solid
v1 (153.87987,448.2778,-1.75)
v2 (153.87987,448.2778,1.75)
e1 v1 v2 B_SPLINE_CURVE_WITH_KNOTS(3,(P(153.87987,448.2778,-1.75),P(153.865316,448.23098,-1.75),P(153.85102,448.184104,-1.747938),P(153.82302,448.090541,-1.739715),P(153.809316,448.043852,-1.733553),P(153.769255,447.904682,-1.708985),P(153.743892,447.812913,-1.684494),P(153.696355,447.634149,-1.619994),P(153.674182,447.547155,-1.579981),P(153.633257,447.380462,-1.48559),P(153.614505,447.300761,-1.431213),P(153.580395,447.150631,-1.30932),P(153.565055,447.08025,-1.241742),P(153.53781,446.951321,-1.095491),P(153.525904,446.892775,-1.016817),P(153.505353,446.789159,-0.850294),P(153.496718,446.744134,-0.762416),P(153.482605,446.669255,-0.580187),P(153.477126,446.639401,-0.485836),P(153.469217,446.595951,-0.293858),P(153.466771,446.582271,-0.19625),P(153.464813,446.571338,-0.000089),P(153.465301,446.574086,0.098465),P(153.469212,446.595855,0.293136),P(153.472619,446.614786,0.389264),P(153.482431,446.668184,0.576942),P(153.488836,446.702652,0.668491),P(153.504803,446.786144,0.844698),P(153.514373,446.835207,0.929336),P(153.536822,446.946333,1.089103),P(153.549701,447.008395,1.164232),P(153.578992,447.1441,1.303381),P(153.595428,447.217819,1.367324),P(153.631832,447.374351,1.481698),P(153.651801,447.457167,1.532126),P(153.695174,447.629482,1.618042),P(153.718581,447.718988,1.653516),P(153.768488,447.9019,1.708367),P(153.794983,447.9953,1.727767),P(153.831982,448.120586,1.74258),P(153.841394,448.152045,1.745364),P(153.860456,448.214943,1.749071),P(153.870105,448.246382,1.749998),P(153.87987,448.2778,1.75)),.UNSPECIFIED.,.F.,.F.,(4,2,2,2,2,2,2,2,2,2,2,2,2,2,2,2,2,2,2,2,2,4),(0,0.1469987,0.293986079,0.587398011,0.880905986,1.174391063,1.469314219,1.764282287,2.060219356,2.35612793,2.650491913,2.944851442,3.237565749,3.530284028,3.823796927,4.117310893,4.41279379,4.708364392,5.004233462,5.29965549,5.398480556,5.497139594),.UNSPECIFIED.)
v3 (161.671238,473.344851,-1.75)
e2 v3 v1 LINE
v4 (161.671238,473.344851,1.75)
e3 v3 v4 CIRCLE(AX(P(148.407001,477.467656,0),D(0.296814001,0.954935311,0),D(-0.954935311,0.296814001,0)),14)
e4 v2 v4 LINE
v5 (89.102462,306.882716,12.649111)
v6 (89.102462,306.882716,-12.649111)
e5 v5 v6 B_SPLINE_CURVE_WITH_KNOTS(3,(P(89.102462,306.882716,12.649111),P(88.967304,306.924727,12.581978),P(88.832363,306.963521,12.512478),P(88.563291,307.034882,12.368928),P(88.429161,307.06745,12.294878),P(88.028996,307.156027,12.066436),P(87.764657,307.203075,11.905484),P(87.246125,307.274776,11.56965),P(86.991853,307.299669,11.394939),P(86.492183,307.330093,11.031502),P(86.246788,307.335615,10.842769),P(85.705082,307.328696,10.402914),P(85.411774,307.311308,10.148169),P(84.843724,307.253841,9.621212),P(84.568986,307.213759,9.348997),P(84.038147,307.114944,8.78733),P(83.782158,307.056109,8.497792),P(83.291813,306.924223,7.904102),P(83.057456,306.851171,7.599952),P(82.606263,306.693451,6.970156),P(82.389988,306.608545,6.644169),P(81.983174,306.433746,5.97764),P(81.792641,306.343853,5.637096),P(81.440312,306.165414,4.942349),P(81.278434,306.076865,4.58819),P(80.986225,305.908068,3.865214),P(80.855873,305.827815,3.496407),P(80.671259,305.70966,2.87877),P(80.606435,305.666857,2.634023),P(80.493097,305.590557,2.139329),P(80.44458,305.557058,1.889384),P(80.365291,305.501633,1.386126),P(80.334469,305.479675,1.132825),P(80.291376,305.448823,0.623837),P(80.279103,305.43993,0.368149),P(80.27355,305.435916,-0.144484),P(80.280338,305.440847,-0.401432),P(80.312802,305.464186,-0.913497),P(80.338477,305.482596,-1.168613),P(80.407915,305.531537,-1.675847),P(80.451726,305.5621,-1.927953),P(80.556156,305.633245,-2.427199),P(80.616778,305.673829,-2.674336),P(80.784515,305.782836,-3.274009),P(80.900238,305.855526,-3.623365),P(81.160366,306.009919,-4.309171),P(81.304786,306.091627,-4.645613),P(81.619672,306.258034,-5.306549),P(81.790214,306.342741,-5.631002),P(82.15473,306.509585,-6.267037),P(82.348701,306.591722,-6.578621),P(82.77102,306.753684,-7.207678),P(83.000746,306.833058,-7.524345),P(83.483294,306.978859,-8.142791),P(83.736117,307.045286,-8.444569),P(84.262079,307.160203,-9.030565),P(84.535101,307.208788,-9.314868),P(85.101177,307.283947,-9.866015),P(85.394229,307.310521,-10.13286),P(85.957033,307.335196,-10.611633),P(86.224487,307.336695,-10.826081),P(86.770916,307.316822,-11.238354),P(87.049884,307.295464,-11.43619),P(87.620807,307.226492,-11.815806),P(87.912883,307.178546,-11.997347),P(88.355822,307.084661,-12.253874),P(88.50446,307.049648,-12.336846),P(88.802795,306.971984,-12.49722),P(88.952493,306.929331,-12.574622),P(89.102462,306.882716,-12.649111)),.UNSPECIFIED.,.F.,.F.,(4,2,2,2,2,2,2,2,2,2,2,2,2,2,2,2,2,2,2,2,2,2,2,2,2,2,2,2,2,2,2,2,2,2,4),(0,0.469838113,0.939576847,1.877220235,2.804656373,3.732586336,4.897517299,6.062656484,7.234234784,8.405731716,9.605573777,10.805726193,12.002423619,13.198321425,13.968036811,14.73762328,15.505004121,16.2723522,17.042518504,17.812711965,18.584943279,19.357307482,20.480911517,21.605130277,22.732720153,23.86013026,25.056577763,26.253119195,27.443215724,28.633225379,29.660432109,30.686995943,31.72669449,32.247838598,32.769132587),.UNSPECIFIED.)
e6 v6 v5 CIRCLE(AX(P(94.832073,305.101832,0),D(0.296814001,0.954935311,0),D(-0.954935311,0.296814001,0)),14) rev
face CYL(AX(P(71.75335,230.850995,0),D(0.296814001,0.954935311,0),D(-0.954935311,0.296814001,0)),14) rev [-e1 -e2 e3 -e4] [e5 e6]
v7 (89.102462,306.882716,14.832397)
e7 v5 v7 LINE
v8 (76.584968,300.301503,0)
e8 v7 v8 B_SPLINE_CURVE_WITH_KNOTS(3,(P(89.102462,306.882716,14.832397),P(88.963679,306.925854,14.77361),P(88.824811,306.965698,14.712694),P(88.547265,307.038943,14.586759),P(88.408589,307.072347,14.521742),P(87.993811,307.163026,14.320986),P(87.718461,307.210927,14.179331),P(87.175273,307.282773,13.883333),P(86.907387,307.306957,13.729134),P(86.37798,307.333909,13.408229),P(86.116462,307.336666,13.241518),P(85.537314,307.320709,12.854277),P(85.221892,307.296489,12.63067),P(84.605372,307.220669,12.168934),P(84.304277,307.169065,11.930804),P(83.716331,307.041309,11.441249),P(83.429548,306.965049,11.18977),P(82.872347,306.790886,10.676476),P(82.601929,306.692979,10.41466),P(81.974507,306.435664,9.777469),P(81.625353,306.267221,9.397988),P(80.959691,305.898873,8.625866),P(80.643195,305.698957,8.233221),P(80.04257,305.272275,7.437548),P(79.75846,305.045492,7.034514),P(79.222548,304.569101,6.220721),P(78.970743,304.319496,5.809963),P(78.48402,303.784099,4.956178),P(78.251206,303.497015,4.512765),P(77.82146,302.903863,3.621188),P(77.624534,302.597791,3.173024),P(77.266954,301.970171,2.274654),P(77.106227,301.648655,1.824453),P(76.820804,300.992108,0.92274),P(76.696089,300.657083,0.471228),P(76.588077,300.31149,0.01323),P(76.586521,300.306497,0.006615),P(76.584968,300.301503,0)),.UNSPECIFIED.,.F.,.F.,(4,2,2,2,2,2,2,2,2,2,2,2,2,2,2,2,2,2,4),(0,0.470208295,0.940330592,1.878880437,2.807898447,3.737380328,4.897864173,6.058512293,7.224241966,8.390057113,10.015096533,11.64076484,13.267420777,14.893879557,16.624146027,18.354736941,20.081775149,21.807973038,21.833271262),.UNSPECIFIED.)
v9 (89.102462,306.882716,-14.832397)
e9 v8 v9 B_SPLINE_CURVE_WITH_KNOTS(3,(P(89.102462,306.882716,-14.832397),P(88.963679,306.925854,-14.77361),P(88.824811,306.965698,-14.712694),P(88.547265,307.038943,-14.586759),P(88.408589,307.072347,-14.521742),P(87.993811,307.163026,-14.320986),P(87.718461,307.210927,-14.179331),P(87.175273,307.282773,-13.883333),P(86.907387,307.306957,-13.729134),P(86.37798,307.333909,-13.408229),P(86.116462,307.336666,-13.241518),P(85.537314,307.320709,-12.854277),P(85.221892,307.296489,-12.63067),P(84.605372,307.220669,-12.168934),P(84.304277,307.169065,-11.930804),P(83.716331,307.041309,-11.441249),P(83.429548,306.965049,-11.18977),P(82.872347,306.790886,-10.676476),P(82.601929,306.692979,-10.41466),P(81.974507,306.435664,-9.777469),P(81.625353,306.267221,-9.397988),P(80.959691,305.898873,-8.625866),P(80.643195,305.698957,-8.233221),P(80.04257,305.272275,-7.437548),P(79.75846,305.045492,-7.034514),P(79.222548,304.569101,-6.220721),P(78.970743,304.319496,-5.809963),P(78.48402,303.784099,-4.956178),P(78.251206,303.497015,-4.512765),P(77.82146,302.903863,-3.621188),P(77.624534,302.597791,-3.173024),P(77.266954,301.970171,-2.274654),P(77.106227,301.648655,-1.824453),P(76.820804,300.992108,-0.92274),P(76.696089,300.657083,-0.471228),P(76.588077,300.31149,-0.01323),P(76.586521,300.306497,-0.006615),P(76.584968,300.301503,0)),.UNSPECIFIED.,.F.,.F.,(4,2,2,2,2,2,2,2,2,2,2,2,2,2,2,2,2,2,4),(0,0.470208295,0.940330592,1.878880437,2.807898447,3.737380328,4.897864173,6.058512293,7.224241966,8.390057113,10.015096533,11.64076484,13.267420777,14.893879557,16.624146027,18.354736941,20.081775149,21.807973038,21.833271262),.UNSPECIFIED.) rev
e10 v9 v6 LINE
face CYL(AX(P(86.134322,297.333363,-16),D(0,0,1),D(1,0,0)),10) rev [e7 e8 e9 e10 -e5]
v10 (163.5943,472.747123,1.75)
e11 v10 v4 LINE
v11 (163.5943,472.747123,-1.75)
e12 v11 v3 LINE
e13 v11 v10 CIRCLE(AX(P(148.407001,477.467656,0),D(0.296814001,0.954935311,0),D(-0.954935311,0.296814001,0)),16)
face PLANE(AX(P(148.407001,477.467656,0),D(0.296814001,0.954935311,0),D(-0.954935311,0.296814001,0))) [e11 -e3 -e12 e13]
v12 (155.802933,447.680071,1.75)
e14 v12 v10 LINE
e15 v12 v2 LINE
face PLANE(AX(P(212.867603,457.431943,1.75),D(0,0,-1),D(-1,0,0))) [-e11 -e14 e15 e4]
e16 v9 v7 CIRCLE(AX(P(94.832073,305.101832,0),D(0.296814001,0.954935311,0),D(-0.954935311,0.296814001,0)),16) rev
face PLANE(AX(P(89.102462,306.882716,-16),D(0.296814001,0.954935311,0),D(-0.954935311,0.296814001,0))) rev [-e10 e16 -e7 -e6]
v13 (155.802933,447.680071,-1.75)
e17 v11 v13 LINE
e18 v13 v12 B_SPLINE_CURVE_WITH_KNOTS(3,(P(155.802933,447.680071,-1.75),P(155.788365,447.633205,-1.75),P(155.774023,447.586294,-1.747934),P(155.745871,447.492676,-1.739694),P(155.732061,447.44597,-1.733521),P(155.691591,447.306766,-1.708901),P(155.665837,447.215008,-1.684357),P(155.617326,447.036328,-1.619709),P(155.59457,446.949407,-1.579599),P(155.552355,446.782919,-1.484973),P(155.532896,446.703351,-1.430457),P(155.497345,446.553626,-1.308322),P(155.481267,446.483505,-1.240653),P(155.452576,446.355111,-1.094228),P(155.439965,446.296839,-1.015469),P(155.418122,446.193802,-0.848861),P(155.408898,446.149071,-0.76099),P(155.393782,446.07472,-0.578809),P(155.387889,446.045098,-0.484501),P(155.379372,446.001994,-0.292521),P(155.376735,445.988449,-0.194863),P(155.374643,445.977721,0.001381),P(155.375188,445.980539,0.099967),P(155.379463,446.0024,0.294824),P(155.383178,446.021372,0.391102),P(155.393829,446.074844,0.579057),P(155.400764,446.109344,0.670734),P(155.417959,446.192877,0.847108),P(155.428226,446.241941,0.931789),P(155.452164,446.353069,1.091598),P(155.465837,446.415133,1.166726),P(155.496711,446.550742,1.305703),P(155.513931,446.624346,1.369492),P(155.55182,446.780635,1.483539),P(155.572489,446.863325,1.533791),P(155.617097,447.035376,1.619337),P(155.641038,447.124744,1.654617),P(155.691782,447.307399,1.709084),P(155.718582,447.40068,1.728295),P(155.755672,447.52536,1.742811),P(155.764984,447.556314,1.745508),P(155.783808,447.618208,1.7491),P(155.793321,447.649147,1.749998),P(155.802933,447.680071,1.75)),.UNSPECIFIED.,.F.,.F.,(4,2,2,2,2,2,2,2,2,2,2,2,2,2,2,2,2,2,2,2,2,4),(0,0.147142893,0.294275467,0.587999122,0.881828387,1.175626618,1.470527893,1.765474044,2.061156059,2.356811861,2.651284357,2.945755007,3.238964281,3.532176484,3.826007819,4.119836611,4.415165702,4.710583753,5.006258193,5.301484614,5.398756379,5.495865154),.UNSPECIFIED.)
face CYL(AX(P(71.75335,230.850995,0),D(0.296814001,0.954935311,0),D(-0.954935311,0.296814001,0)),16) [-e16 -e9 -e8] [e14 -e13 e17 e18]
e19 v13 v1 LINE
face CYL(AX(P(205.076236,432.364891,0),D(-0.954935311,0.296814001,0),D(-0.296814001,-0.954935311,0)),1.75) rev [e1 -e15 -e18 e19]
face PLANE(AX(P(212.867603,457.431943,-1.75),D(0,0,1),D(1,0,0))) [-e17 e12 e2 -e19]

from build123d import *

# Parameters (mm, degrees)
ESQUISSE2_R                  = 16
ESQUISSE2_R_2                = 14
EXTRUSION5_DEPTH             = 213
ENL_V_MAT_EXTRU_1_DEPTH      = 17
ENL_V_MAT_EXTRU_1_DEPTH_BACK = 17
ENL_V_MAT_EXTRU_2_DEPTH      = 68.17581801


with BuildPart() as part:
    # Esquisse2 → Extrusion5 (new body)
    with BuildSketch(Plane(origin=(148.407000681, 477.467655605, 0), x_dir=(-0.954935311, 0.296814001, 0), z_dir=(0.296814001, 0.954935311, 0))):
        Circle(ESQUISSE2_R)
        Circle(ESQUISSE2_R_2, mode=Mode.SUBTRACT)
    extrude(amount=-EXTRUSION5_DEPTH)

    # Esquisse12 → Enlèv. mat.-Extru.1 (cut, two sides)
    with BuildSketch(Plane.XY) as enl_v_mat_extru_1_sk:
        with BuildLine():
            Line((67.680548401, 271.653443505), (76.584968442, 300.301502841))
            ThreePointArc((76.584968442, 300.301502841), (81.480701144, 306.1845671), (89.102461568, 306.88271594))
            Line((89.102461568, 306.88271594), (117.750520904, 297.978295899))
            ThreePointArc((117.750520904, 297.978295899), (132.458181552, 285.738964145), (134.20355365, 266.684563085))
            Line((134.20355365, 266.684563085), (125.29913361, 238.036503748))
            ThreePointArc((125.29913361, 238.036503748), (120.403400908, 232.153439489), (112.781640484, 231.45529065))
            Line((112.781640484, 231.45529065), (84.133581147, 240.359710691))
            ThreePointArc((84.133581147, 240.359710691), (69.4259205, 252.599042445), (67.680548401, 271.653443505))
        make_face()
    extrude(amount=ENL_V_MAT_EXTRU_1_DEPTH, mode=Mode.SUBTRACT)
    extrude(enl_v_mat_extru_1_sk.sketch, amount=-ENL_V_MAT_EXTRU_1_DEPTH_BACK, mode=Mode.SUBTRACT)

    # Esquisse13 → Enlèv. mat.-Extru.2 (cut, through all)
    with BuildSketch(Plane(origin=(0, 0, 0), x_dir=(0, 0, -1), z_dir=(0.954935311, -0.296814001, 0))):
        with BuildLine():
            Line((-1.75, 500), (1.75, 500))
            Line((1.75, 500), (1.75, 473.75))
            ThreePointArc((1.75, 473.75), (0, 472), (-1.75, 473.75))
            Line((-1.75, 473.75), (-1.75, 500))
        make_face()
    extrude(amount=ENL_V_MAT_EXTRU_2_DEPTH, mode=Mode.SUBTRACT)


solid = part.part
